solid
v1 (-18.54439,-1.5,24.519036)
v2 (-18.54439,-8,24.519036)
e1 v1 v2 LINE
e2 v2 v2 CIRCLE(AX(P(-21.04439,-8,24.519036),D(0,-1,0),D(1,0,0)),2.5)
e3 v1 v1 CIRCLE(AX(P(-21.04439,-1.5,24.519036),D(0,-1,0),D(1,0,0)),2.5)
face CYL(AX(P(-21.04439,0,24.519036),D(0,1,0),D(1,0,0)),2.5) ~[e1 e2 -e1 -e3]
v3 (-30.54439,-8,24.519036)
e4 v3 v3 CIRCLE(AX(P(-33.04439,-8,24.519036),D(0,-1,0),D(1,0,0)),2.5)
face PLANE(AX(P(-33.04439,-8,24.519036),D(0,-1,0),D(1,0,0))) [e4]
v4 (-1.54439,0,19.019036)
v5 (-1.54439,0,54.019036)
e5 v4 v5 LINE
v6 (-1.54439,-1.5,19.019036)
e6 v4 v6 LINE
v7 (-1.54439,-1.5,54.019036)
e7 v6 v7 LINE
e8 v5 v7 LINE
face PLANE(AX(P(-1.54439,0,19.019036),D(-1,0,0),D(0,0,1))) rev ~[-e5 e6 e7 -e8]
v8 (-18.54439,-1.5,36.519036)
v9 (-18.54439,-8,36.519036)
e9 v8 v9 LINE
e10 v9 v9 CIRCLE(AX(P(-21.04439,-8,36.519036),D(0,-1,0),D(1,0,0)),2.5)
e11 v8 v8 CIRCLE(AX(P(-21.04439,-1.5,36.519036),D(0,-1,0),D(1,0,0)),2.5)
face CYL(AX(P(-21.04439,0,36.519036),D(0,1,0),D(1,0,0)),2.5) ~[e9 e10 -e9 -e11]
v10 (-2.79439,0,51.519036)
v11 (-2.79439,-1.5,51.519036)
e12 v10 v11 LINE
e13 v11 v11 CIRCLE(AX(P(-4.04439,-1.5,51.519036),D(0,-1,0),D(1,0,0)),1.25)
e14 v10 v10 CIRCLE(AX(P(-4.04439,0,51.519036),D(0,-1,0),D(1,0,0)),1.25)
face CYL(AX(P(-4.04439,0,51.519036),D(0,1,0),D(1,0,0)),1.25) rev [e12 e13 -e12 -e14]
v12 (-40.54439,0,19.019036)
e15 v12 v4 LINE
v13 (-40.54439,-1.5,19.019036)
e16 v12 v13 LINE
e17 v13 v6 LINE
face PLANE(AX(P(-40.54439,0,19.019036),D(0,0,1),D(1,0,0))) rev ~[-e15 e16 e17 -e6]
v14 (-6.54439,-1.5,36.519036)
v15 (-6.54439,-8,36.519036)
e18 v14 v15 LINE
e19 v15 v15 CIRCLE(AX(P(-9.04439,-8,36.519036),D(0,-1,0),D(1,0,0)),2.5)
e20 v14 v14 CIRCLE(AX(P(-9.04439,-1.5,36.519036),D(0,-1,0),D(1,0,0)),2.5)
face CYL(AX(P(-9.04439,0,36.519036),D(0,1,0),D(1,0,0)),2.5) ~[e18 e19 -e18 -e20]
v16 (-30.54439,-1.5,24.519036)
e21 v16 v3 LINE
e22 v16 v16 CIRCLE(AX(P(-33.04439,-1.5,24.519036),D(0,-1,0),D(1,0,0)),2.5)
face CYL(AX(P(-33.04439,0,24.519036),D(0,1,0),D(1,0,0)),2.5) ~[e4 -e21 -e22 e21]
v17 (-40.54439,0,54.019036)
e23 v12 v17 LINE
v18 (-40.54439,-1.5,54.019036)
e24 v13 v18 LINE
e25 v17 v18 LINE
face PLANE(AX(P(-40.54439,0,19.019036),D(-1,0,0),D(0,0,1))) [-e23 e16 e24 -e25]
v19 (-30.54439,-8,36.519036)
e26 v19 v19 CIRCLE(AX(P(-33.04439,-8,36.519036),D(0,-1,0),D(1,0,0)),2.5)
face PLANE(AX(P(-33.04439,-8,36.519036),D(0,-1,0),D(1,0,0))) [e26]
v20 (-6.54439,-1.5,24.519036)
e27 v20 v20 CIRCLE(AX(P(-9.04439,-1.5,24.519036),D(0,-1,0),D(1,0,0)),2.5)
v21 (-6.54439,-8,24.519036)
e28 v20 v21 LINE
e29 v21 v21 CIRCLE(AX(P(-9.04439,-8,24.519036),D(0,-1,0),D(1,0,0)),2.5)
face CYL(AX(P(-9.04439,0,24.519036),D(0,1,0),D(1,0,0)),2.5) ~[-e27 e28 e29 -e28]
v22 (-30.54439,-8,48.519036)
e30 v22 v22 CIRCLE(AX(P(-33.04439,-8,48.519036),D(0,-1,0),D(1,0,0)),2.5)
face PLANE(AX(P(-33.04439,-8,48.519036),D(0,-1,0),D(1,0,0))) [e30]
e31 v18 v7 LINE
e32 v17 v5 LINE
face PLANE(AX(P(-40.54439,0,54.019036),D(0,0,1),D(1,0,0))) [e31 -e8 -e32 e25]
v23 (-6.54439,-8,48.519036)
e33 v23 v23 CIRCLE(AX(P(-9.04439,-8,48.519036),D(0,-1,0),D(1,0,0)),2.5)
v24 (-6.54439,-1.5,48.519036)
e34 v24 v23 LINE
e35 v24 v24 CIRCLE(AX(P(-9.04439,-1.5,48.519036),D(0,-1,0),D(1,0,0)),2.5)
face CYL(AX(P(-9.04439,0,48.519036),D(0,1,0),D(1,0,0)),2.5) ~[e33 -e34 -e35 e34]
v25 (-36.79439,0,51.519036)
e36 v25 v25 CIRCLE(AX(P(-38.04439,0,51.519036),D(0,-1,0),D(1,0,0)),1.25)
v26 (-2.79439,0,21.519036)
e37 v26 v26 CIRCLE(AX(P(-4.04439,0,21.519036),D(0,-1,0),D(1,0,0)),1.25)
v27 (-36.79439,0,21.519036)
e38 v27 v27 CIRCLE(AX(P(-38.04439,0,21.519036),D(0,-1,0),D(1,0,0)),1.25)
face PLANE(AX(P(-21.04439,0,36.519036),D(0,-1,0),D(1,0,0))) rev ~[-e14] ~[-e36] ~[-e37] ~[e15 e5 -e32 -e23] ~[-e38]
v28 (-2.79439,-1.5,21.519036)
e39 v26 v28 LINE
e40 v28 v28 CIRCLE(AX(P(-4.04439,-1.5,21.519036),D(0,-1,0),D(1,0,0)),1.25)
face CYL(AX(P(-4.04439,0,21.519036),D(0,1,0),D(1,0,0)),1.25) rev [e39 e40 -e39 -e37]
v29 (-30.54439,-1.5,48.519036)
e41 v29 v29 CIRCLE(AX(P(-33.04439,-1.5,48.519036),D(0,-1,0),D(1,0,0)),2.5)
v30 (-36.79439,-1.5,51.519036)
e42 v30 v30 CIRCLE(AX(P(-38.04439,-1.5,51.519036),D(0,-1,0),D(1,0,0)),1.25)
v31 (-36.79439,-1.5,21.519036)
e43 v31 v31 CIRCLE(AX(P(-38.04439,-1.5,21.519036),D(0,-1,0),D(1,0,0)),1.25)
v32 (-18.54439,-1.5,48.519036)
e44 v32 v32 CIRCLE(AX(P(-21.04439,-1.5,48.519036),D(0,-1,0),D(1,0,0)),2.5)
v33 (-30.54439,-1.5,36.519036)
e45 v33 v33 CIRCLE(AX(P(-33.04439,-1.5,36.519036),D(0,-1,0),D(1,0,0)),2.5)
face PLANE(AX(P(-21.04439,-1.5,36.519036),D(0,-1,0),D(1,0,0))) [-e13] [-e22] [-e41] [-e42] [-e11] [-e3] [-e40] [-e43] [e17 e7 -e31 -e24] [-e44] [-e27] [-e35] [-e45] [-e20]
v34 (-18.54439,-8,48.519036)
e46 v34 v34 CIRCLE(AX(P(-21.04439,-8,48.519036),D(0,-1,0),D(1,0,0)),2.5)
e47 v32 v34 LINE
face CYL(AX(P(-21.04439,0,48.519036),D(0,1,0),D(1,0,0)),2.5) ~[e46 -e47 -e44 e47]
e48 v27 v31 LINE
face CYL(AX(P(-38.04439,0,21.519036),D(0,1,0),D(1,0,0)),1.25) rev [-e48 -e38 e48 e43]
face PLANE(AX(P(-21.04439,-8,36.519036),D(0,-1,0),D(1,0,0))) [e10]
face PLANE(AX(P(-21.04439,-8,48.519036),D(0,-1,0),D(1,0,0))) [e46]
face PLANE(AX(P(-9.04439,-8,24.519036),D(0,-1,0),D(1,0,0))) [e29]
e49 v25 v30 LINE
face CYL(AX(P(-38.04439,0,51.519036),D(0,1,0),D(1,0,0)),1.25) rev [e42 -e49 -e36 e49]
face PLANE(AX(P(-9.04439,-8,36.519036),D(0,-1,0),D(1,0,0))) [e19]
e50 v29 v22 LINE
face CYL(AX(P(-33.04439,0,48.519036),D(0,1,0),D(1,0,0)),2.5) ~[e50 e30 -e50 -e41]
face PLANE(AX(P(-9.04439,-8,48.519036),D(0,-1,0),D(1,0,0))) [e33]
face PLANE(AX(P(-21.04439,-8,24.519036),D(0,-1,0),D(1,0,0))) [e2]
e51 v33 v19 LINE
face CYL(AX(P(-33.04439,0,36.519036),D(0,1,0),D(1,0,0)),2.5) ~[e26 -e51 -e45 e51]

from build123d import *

# Parameters (mm, degrees)
F0_W     = 39
F0_H     = 35
F0_R     = 1.25
F0_R_2   = 2.5
F1_DEPTH = 1.5
F2_DEPTH = 8


with BuildPart() as f1:
    # F0 (on Front) → F1 (new body)
    with BuildSketch(Plane.XZ):
        with Locations((-21.04439, 36.519036)):
            Rectangle(F0_W, F0_H)
        with Locations((-38.04439, 21.519036)):
            Circle(F0_R, mode=Mode.SUBTRACT)
        with Locations((-33.04439, 24.519036)):
            Circle(F0_R_2, mode=Mode.SUBTRACT)
        with Locations((-21.04439, 24.519036)):
            Circle(F0_R_2, mode=Mode.SUBTRACT)
        with Locations((-4.04439, 21.519036)):
            Circle(F0_R, mode=Mode.SUBTRACT)
        with Locations((-9.04439, 24.519036)):
            Circle(F0_R_2, mode=Mode.SUBTRACT)
        with Locations((-33.04439, 36.519036)):
            Circle(F0_R_2, mode=Mode.SUBTRACT)
        with Locations((-21.04439, 36.519036)):
            Circle(F0_R_2, mode=Mode.SUBTRACT)
        with Locations((-33.04439, 48.519036)):
            Circle(F0_R_2, mode=Mode.SUBTRACT)
        with Locations((-38.04439, 51.519036)):
            Circle(F0_R, mode=Mode.SUBTRACT)
        with Locations((-21.04439, 48.519036)):
            Circle(F0_R_2, mode=Mode.SUBTRACT)
        with Locations((-9.04439, 36.519036)):
            Circle(F0_R_2, mode=Mode.SUBTRACT)
        with Locations((-9.04439, 48.519036)):
            Circle(F0_R_2, mode=Mode.SUBTRACT)
        with Locations((-4.04439, 51.519036)):
            Circle(F0_R, mode=Mode.SUBTRACT)
    extrude(amount=F1_DEPTH)

    # F0 (on Front) → F2 (join)
    with BuildSketch(Plane.XZ):
        with Locations((-33.04439, 48.519036)):
            Circle(F0_R_2)
        with Locations((-21.04439, 48.519036)):
            Circle(F0_R_2)
        with Locations((-9.04439, 48.519036)):
            Circle(F0_R_2)
        with Locations((-33.04439, 36.519036)):
            Circle(F0_R_2)
        with Locations((-21.04439, 36.519036)):
            Circle(F0_R_2)
        with Locations((-9.04439, 36.519036)):
            Circle(F0_R_2)
        with Locations((-33.04439, 24.519036)):
            Circle(F0_R_2)
        with Locations((-21.04439, 24.519036)):
            Circle(F0_R_2)
        with Locations((-9.04439, 24.519036)):
            Circle(F0_R_2)
    extrude(amount=F2_DEPTH)


solid = f1.part
